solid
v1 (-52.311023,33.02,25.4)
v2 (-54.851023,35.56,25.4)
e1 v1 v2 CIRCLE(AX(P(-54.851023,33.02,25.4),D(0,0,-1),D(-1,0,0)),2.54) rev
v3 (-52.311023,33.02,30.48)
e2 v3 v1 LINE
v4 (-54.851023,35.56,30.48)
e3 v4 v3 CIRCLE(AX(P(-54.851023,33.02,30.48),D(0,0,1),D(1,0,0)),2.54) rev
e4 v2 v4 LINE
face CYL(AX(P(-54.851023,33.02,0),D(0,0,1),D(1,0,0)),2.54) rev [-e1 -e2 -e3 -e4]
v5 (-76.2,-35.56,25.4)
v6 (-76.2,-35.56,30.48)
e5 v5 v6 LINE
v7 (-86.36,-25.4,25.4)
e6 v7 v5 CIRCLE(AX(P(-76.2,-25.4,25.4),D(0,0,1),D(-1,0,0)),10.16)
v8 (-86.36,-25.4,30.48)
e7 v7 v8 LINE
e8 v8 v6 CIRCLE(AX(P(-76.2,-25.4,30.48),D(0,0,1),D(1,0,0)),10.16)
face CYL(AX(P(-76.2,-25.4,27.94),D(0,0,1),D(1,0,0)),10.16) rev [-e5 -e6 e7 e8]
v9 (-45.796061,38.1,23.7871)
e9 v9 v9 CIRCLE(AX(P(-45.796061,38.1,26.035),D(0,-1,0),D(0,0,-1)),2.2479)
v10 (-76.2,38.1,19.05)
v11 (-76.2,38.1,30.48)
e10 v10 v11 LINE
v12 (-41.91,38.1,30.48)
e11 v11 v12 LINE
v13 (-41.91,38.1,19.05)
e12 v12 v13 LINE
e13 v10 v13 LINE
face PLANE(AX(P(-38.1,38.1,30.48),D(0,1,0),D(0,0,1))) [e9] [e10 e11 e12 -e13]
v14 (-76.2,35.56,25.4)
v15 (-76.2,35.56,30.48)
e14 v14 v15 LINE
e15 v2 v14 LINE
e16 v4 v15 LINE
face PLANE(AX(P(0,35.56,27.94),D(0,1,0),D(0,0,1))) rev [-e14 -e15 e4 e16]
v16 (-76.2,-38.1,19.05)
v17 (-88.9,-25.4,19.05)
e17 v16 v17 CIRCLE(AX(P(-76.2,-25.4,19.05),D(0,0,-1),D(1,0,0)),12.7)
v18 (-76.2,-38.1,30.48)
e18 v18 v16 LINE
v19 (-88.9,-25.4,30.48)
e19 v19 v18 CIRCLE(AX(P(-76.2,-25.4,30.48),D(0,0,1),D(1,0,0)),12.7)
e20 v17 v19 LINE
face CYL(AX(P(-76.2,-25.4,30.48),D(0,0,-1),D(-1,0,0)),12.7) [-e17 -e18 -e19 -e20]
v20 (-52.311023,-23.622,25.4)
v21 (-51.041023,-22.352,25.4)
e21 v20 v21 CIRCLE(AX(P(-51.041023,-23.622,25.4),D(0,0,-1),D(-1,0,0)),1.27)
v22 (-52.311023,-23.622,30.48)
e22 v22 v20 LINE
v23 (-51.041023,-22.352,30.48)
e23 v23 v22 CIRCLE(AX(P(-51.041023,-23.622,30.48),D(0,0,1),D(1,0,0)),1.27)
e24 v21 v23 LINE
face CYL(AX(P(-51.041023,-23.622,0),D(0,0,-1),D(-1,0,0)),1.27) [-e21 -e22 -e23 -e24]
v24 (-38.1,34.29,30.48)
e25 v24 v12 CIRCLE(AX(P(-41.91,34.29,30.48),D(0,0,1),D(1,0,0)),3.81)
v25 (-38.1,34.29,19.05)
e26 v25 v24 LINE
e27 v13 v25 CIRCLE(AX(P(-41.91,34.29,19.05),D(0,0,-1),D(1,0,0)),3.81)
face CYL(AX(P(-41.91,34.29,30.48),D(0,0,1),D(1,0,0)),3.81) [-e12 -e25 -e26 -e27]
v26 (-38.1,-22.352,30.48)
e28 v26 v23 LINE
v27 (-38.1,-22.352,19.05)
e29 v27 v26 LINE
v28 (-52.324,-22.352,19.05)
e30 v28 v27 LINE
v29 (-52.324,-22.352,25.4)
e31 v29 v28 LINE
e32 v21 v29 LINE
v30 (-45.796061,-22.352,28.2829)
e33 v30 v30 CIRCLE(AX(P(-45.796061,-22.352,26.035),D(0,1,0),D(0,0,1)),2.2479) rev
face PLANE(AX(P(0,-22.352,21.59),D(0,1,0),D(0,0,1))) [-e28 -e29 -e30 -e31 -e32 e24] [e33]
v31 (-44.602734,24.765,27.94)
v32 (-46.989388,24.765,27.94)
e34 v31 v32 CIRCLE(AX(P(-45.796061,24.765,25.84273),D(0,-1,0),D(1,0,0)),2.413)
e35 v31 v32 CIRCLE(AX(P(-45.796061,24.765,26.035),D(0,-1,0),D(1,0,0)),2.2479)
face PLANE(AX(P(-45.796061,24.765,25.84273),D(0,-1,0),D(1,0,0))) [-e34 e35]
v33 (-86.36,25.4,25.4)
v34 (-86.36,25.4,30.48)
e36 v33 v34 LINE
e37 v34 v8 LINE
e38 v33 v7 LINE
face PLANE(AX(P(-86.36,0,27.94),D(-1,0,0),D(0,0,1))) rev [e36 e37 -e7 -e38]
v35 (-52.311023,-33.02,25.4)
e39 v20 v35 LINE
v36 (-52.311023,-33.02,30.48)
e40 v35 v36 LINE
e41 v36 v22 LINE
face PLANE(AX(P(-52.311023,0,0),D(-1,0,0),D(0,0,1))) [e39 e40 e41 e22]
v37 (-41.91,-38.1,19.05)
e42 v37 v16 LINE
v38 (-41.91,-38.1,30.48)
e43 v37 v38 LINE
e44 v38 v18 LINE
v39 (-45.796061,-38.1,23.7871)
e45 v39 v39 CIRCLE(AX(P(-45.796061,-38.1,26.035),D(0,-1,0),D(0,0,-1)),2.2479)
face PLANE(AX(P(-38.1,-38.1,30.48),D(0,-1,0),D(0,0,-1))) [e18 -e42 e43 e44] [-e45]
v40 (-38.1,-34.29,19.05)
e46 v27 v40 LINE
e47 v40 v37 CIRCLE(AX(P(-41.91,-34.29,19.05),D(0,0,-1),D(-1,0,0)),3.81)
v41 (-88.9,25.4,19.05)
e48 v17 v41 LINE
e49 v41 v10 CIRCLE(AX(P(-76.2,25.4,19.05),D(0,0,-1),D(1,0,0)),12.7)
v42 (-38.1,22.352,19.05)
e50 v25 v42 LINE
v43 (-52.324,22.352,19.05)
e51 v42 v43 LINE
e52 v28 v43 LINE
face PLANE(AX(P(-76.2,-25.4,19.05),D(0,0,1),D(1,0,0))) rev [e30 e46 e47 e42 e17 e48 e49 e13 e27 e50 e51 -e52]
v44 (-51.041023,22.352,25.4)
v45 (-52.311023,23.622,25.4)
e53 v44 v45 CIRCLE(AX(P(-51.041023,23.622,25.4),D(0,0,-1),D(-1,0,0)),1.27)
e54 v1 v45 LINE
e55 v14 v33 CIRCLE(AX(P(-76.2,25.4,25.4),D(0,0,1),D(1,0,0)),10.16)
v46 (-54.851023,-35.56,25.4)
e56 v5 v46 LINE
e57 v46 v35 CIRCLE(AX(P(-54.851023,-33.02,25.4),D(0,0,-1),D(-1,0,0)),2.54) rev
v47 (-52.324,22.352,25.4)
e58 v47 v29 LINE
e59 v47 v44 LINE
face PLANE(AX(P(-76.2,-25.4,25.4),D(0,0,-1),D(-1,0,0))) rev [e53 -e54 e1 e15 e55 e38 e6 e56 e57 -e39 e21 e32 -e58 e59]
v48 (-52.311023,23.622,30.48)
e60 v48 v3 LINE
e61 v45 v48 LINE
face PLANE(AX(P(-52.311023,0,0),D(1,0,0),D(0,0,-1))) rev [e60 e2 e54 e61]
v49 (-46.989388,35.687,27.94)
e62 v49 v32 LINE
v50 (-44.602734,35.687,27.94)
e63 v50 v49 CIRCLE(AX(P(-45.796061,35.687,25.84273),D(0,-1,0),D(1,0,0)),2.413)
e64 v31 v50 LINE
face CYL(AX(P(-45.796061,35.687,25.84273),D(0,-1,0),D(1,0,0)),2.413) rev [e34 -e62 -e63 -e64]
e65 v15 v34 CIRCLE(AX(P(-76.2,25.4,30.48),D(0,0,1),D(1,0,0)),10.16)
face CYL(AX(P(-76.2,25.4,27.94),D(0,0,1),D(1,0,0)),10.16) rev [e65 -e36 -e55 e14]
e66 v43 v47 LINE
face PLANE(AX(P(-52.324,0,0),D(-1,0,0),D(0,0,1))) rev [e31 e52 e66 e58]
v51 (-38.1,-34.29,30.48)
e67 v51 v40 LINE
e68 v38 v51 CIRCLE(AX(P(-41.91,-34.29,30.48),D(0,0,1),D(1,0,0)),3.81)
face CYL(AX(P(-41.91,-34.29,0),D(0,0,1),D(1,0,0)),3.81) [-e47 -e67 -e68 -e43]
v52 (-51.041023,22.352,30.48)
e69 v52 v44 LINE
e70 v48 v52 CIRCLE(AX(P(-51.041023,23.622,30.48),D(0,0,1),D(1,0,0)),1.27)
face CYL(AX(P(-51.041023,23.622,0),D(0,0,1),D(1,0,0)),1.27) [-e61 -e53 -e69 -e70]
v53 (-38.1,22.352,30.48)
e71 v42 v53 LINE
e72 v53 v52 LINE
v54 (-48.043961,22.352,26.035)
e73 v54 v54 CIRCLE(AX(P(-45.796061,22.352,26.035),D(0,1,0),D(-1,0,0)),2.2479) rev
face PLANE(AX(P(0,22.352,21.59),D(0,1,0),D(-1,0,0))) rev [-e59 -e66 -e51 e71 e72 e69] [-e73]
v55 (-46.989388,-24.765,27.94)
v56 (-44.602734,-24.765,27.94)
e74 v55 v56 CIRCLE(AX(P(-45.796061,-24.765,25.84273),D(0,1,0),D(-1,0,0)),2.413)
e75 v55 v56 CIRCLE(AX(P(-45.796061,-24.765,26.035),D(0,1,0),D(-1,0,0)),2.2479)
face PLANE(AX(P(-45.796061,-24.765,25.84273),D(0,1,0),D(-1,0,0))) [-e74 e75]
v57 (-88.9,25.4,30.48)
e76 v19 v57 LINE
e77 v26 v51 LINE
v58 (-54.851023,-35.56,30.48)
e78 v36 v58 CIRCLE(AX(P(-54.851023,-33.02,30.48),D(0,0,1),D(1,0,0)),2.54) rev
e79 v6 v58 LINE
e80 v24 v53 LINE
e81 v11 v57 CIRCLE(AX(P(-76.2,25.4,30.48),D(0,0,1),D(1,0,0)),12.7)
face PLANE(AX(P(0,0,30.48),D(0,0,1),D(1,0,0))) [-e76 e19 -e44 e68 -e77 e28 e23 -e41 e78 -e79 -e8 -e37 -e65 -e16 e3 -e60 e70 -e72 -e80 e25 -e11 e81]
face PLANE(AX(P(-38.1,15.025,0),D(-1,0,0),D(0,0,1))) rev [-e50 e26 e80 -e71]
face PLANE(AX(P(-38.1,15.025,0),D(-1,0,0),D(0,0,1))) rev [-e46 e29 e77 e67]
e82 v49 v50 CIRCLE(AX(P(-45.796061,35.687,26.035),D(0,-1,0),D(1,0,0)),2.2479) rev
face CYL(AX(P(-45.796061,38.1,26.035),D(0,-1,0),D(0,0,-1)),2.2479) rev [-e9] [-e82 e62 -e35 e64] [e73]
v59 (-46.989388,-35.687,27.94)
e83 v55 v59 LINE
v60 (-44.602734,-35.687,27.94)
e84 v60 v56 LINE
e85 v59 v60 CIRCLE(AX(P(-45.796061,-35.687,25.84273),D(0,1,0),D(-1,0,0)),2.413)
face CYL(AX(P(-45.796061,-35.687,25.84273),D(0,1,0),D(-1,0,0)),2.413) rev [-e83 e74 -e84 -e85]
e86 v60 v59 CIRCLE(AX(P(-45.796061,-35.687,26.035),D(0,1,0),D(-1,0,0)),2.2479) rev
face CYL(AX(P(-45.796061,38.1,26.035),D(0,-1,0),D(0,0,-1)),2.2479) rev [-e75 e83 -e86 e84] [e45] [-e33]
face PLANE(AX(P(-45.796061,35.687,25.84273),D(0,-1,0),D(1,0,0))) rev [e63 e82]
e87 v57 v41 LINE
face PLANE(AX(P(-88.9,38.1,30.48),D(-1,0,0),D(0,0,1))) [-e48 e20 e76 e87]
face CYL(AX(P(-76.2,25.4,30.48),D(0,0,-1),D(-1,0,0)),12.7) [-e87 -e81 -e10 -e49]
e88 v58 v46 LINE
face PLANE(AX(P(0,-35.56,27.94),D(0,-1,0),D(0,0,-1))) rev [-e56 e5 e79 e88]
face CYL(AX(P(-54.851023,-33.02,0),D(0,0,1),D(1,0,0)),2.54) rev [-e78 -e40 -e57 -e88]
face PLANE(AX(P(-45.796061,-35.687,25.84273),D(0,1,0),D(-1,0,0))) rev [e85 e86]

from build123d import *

# Parameters (mm, degrees)
SKETCH1_W                = 114.3
SKETCH1_H                = 44.45
BOSS_EXTRUDE1_DEPTH      = 62.23
SKETCH2_W                = 114.3
SKETCH2_H                = 30.050000124
CUT_EXTRUDE2_DEPTH       = 31.75
SKETCH3_W                = 114.3
SKETCH3_H                = 31.75
CUT_EXTRUDE3_DEPTH       = 21.59
CUT_EXTRUDE6_REACH       = 97.47
SKETCH7_R                = 4.8
CUT_EXTRUDE7_DEPTH       = 70.051688068
CUT_EXTRUDE7_DEPTH_BACK  = 70.051688068
SKETCH9_W                = 44.45
SKETCH9_H                = 30.050000124
CUT_EXTRUDE8_DEPTH       = 96.469879543
BOSS_EXTRUDE2_REACH      = 92.305
SKETCH14_W               = 21.59
SKETCH14_H               = 5.500000062
SKETCH17_W               = 44.45
SKETCH17_H               = 5.500000062
BOSS_EXTRUDE3_DEPTH      = 8.89
SKETCH20_W               = 50.8
SKETCH20_H               = 76.2
BOSS_EXTRUDE5_DEPTH      = 8.89
FILLET4_R                = 12.7
CUT_EXTRUDE10_DEPTH      = 2.54
CUT_EXTRUDE11_DEPTH      = 124.171316568
CUT_EXTRUDE11_DEPTH_BACK = 124.171316568
SKETCH22_R               = 4.8
SKETCH25_W               = 10.312122602
SKETCH25_H               = 7.199999938
CUT_EXTRUDE14_DEPTH      = 17.272
SKETCH26_W               = 10.312122602
SKETCH26_H               = 7.199999938
CUT_EXTRUDE15_DEPTH      = 17.272
CUT_EXTRUDE16_DEPTH      = 121.990414496
CUT_EXTRUDE16_DEPTH_BACK = 121.990414496
SKETCH32_R               = 2.2479
FILLET5_R                = 3.81
CUT_EXTRUDE22_DEPTH      = 98.128019129
BOSS_EXTRUDE6_DEPTH      = 10.922
BOSS_EXTRUDE7_START      = 10.922
BOSS_EXTRUDE7_DEPTH      = 10.922
BOSS_EXTRUDE8_DEPTH      = 2.54
CUT_EXTRUDE23_DEPTH      = 2.54
BOSS_EXTRUDE10_DEPTH     = 1.143
BOSS_EXTRUDE13_START     = -2.54
BOSS_EXTRUDE13_DEPTH     = 2.54
SKETCH59_W               = 5.08
SKETCH59_H               = 13.208
BOSS_EXTRUDE16_DEPTH     = 1.3589
FILLET6_R                = 2.54
FILLET7_R                = 1.27


with BuildPart() as part:
    # Sketch1 → Boss-Extrude1 (new body)
    with BuildSketch(Plane.XY):
        Rectangle(SKETCH1_W, SKETCH1_H)
    extrude(amount=BOSS_EXTRUDE1_DEPTH)

    # Sketch2 → Cut-Extrude2 (cut)
    with BuildSketch(Plane.XY.offset(62.23)):
        Rectangle(SKETCH2_W, SKETCH2_H)
    extrude(amount=-CUT_EXTRUDE2_DEPTH, mode=Mode.SUBTRACT)

    # Sketch3 → Cut-Extrude3 (cut)
    with BuildSketch(Plane(origin=(0, 0, 0), x_dir=(-1, 0, 0), z_dir=(0, 0, -1))):
        with Locations((0, 6.35)):
            Rectangle(SKETCH3_W, SKETCH3_H)
    extrude(amount=-CUT_EXTRUDE3_DEPTH, mode=Mode.SUBTRACT)

    # Cut-Extrude6: up to this face of the body (flat: up to its plane)
    cut_extrude6_end = Plane(part.part.faces().sort_by_distance((0, 22.225, 41.91))[0])
    # Sketch7 → Cut-Extrude6 (cut, up to the picked face)
    with BuildSketch(Plane.XZ.offset(22.225), mode=Mode.PRIVATE) as cut_extrude6_sk1:
        with Locations((31.75, 50.36)):
            Circle(SKETCH7_R)
    cut_extrude6_tool1 = split(extrude(cut_extrude6_sk1.sketch, amount=-CUT_EXTRUDE6_REACH, mode=Mode.PRIVATE), bisect_by=cut_extrude6_end, keep=Keep.BOTH, mode=Mode.PRIVATE)
    # Sketch7 → Cut-Extrude6 (cut, up to the picked face)
    with BuildSketch(Plane.XZ.offset(22.225), mode=Mode.PRIVATE) as cut_extrude6_sk2:
        with Locations((-27.14, 39.37)):
            Circle(SKETCH7_R)
    cut_extrude6_tool2 = split(extrude(cut_extrude6_sk2.sketch, amount=-CUT_EXTRUDE6_REACH, mode=Mode.PRIVATE), bisect_by=cut_extrude6_end, keep=Keep.BOTH, mode=Mode.PRIVATE)
    add(cut_extrude6_tool1.solids().sort_by(Axis((31.75, -22.225, 50.36), (0, 1, 0)))[0], mode=Mode.SUBTRACT)
    add(cut_extrude6_tool2.solids().sort_by(Axis((-27.14, -22.225, 39.37), (0, 1, 0)))[0], mode=Mode.SUBTRACT)

    # Sketch9 → Cut-Extrude7 (cut, two sides: drawn at the far end of the back side and taken through both)
    with BuildSketch(Plane.XY.offset(30.48).offset(-CUT_EXTRUDE7_DEPTH_BACK)):
        with Locations((-15.875, 0)):
            Rectangle(SKETCH9_W, SKETCH9_H)
    extrude(amount=CUT_EXTRUDE7_DEPTH + CUT_EXTRUDE7_DEPTH_BACK, mode=Mode.SUBTRACT)

    # Sketch16 → Cut-Extrude8 (cut, through all)
    with BuildSketch(Plane.XZ.offset(22.225)):
        with BuildLine():
            Line((-57.15, 62.23), (57.15, 62.23))
            Line((57.15, 62.23), (57.15, 47.010251521))
            Line((57.15, 47.010251521), (41.63, 50.36))
            ThreePointArc((41.63, 50.36), (31.75, 60.24), (21.87, 50.36))
            Line((21.87, 50.36), (-15.99, 39.37))
            ThreePointArc((-15.99, 39.37), (-26.807602145, 50.515044265), (-38.270181465, 40.034500235))
            ThreePointArc((-38.270181465, 40.034500235), (-41.445282487, 33.244816513), (-48.412122602, 30.48))
            Line((-48.412122602, 30.48), (-57.15, 30.48))
            Line((-57.15, 30.48), (-57.15, 62.23))
        make_face()
    extrude(amount=-CUT_EXTRUDE8_DEPTH, mode=Mode.SUBTRACT)

    # Sketch14 → Boss-Extrude2 (add, up to next)
    with BuildSketch(Plane.ZY.offset(-6.35), mode=Mode.PRIVATE) as boss_extrude2_sk1:
        with Locations((10.795, -12.275000031)):
            Rectangle(SKETCH14_W, SKETCH14_H)
    boss_extrude2_tool1 = extrude(boss_extrude2_sk1.sketch, amount=BOSS_EXTRUDE2_REACH, mode=Mode.PRIVATE) - part.part
    add(boss_extrude2_tool1.solids().sort_by_distance((6.35, -12.275, 10.795))[0])

    # Sketch17 → Boss-Extrude3 (add)
    with BuildSketch(Plane.XY.offset(21.59)):
        with Locations((-15.875, -12.275000031)):
            Rectangle(SKETCH17_W, SKETCH17_H)
    extrude(amount=BOSS_EXTRUDE3_DEPTH)

    # Sketch20 → Boss-Extrude5 (add)
    with BuildSketch(Plane(origin=(0, 0, 21.59), x_dir=(-1, 0, 0), z_dir=(0, 0, -1))):
        with Locations((63.5, 0)):
            Rectangle(SKETCH20_W, SKETCH20_H)
    extrude(amount=-BOSS_EXTRUDE5_DEPTH)

    # Fillet4
    fillet4_edges = [part.edges().sort_by_distance(p)[0] for p in [
        (-88.9, 38.1, 26.035),
        (-88.9, -38.1, 26.035),
    ]]
    fillet(fillet4_edges, radius=FILLET4_R)

    # Sketch21 → Cut-Extrude10 (cut)
    with BuildSketch(Plane.XY.offset(30.48)):
        with BuildLine():
            Line((-76.2, -35.56), (-40.64, -35.56))
            Line((-40.64, -35.56), (-40.64, -24.765))
            Line((-40.64, -24.765), (-50.952122602, -24.765))
            Line((-50.952122602, -24.765), (-50.952122602, -12.485000062))
            Line((-50.952122602, -12.485000062), (-40.64, -12.485000062))
            Line((-40.64, -12.485000062), (-40.64, -12.065))
            Line((-40.64, -12.065), (-40.64, 12.485000062))
            Line((-40.64, 12.485000062), (-50.952122602, 12.485000062))
            Line((-50.952122602, 12.485000062), (-50.952122602, 24.765))
            Line((-50.952122602, 24.765), (-40.64, 24.765))
            Line((-40.64, 24.765), (-40.64, 35.56))
            Line((-40.64, 35.56), (-76.2, 35.56))
            ThreePointArc((-76.2, 35.56), (-83.384204897, 32.584204897), (-86.36, 25.4))
            Line((-86.36, 25.4), (-86.36, -25.4))
            ThreePointArc((-86.36, -25.4), (-83.384204897, -32.584204897), (-76.2, -35.56))
        make_face()
    extrude(amount=-CUT_EXTRUDE10_DEPTH, mode=Mode.SUBTRACT)

    # Sketch22 → Cut-Extrude11 (cut, two sides: drawn at the far end of the back side and taken through both)
    with BuildSketch(Plane.XZ.offset(22.225).offset(-CUT_EXTRUDE11_DEPTH_BACK)):
        with BuildLine():
            Line((-38.1, 30.48), (-38.270181465, 40.034500235))
            ThreePointArc((-38.270181465, 40.034500235), (-26.807602145, 50.515044265), (-15.99, 39.37))
            Line((-15.99, 39.37), (21.87, 50.36))
            ThreePointArc((21.87, 50.36), (31.75, 60.24), (41.63, 50.36))
            Line((41.63, 50.36), (57.15, 47.010251521))
            Line((57.15, 47.010251521), (57.15, 0))
            Line((57.15, 0), (-57.15, 0))
            Line((-57.15, 0), (-57.15, 21.59))
            Line((-57.15, 21.59), (-38.1, 21.59))
            Line((-38.1, 21.59), (-38.1, 30.48))
        make_face()
        with Locations((31.75, 50.36)):
            Circle(SKETCH22_R, mode=Mode.SUBTRACT)
        with Locations((-27.14, 39.37)):
            Circle(SKETCH22_R, mode=Mode.SUBTRACT)
    extrude(amount=CUT_EXTRUDE11_DEPTH + CUT_EXTRUDE11_DEPTH_BACK, mode=Mode.SUBTRACT)

    # Sketch25 → Cut-Extrude14 (cut)
    with BuildSketch(Plane.XY.offset(30.48)):
        with Locations((-43.256061301, -18.625000031)):
            Rectangle(SKETCH25_W, SKETCH25_H)
    extrude(amount=CUT_EXTRUDE14_DEPTH, mode=Mode.SUBTRACT)

    # Sketch26 → Cut-Extrude15 (cut)
    with BuildSketch(Plane.XY.offset(30.48)):
        with Locations((-43.256061301, 18.625000031)):
            Rectangle(SKETCH26_W, SKETCH26_H)
    extrude(amount=CUT_EXTRUDE15_DEPTH, mode=Mode.SUBTRACT)

    # Sketch32 → Cut-Extrude16 (cut, two sides: drawn at the far end of the back side and taken through both)
    with BuildSketch(Plane.XZ.offset(38.1).offset(-CUT_EXTRUDE16_DEPTH_BACK)):
        with Locations(Location((-45.796061301, 26.035, 0), (0, 0, 270))):
            Circle(SKETCH32_R)
    extrude(amount=CUT_EXTRUDE16_DEPTH + CUT_EXTRUDE16_DEPTH_BACK, mode=Mode.SUBTRACT)

    # Fillet5
    fillet5_edges = [part.edges().sort_by_distance(p)[0] for p in [
        (-38.1, -38.1, 26.035),
        (-38.1, 38.1, 26.035),
    ]]
    fillet(fillet5_edges, radius=FILLET5_R)

    # Sketch33 → Cut-Extrude22 (cut, through all)
    with BuildSketch(Plane.XY.offset(30.48)):
        Polygon((-38.1, -22.352), (-38.1, 0), (-38.1, 22.352), (-53.467, 22.352), (-53.467, -22.352), align=None)
    extrude(amount=-CUT_EXTRUDE22_DEPTH, mode=Mode.SUBTRACT)

    # Sketch41 → Boss-Extrude6 (add)
    with BuildSketch(Plane.XZ.offset(24.765)):
        with BuildLine():
            Line((-44.602734267, 27.94), (-40.64, 27.94))
            Line((-40.64, 27.94), (-40.64, 30.48))
            Line((-40.64, 30.48), (-50.952122602, 30.48))
            Line((-50.952122602, 30.48), (-50.952122602, 27.94))
            Line((-50.952122602, 27.94), (-46.989388335, 27.94))
            ThreePointArc((-46.989388335, 27.94), (-45.796061301, 28.255730444), (-44.602734267, 27.94))
        make_face()
    extrude(amount=BOSS_EXTRUDE6_DEPTH)

    # Sketch44 → Boss-Extrude7 (add)
    with BuildSketch(Plane(origin=(0, 24.765, 0), x_dir=(1, 0, 0), z_dir=(0, 1, 0)).offset(BOSS_EXTRUDE7_START)):
        with BuildLine():
            Line((-44.602734267, -27.94), (-40.64, -27.94))
            Line((-40.64, -27.94), (-40.64, -30.48))
            Line((-40.64, -30.48), (-50.952122602, -30.48))
            Line((-50.952122602, -30.48), (-50.952122602, -27.94))
            Line((-50.952122602, -27.94), (-46.989388335, -27.94))
            ThreePointArc((-46.989388335, -27.94), (-45.796061301, -28.255730444), (-44.602734267, -27.94))
        make_face()
    extrude(amount=-BOSS_EXTRUDE7_DEPTH)

    # Sketch45 → Boss-Extrude8 (add)
    with BuildSketch(Plane(origin=(0, 0, 21.59), x_dir=(-1, 0, 0), z_dir=(0, 0, -1))):
        with BuildLine():
            Line((53.467, 22.352), (53.467, -22.352))
            Line((53.467, -22.352), (53.467, -38.1))
            Line((53.467, -38.1), (76.2, -38.1))
            ThreePointArc((76.2, -38.1), (85.180256121, -34.380256121), (88.9, -25.4))
            Line((88.9, -25.4), (88.9, 25.4))
            ThreePointArc((88.9, 25.4), (85.180256121, 34.380256121), (76.2, 38.1))
            Line((76.2, 38.1), (53.467, 38.1))
            Line((53.467, 38.1), (53.467, 22.352))
        make_face()
    extrude(amount=BOSS_EXTRUDE8_DEPTH)

    # Sketch47 → Cut-Extrude23 (cut)
    with BuildSketch(Plane.XY.offset(27.94)):
        with BuildLine():
            Line((-53.467, 22.352), (-53.467, -22.352))
            Line((-53.467, -22.352), (-50.952122602, -22.352))
            Line((-50.952122602, -22.352), (-50.952122602, -35.56))
            Line((-50.952122602, -35.56), (-76.2, -35.56))
            ThreePointArc((-76.2, -35.56), (-83.384204897, -32.584204897), (-86.36, -25.4))
            Line((-86.36, -25.4), (-86.36, 25.4))
            ThreePointArc((-86.36, 25.4), (-83.384204897, 32.584204897), (-76.2, 35.56))
            Line((-76.2, 35.56), (-50.952122602, 35.56))
            Line((-50.952122602, 35.56), (-50.952122602, 22.352))
            Line((-50.952122602, 22.352), (-53.467, 22.352))
        make_face()
    extrude(amount=-CUT_EXTRUDE23_DEPTH, mode=Mode.SUBTRACT)

    # Sketch49 → Boss-Extrude10 (add)
    with BuildSketch(Plane(origin=(-53.467, 0, 0), x_dir=(0, 0, -1), z_dir=(1, 0, 0))):
        Polygon((-21.59, 38.1), (-19.05, 38.1), (-19.05, -38.1), (-21.59, -38.1), (-21.59, -22.352), (-25.4, -22.352), (-25.4, 22.352), (-21.59, 22.352), align=None)
    extrude(amount=BOSS_EXTRUDE10_DEPTH)

    # Sketch54 → Boss-Extrude13 (add)
    with BuildSketch(Plane(origin=(0, 0, 19.05), x_dir=(-1, 0, 0), z_dir=(0, 0, -1)).offset(BOSS_EXTRUDE13_START)):
        with BuildLine():
            Line((38.1, 22.352), (52.324, 22.352))
            Line((52.324, 22.352), (52.324, 38.1))
            Line((52.324, 38.1), (41.91, 38.1))
            ThreePointArc((41.91, 38.1), (39.215923164, 36.984076836), (38.1, 34.29))
            Line((38.1, 34.29), (38.1, 22.352))
        make_face()
        with BuildLine():
            Line((41.91, -38.1), (52.324, -38.1))
            Line((52.324, -38.1), (52.324, -22.352))
            Line((52.324, -22.352), (38.1, -22.352))
            Line((38.1, -22.352), (38.1, -34.29))
            ThreePointArc((38.1, -34.29), (39.215923164, -36.984076836), (41.91, -38.1))
        make_face()
    extrude(amount=BOSS_EXTRUDE13_DEPTH)

    # Sketch59 → Boss-Extrude16 (add)
    with BuildSketch(Plane.ZY.offset(50.952122602)):
        with Locations((27.94, 28.956)):
            Rectangle(SKETCH59_W, SKETCH59_H)
        with Locations((27.94, -28.956)):
            Rectangle(SKETCH59_W, SKETCH59_H)
    extrude(amount=BOSS_EXTRUDE16_DEPTH)

    # Fillet6
    fillet6_edges = [part.edges().sort_by_distance(p)[0] for p in [
        (-52.311022602, 35.56, 27.94),
        (-52.311022602, -35.56, 27.94),
    ]]
    fillet(fillet6_edges, radius=FILLET6_R)

    # Fillet7
    fillet7_edges = [part.edges().sort_by_distance(p)[0] for p in [
        (-52.311022602, 22.352, 27.94),
        (-52.311022602, -22.352, 27.94),
    ]]
    fillet(fillet7_edges, radius=FILLET7_R)


solid = part.part
